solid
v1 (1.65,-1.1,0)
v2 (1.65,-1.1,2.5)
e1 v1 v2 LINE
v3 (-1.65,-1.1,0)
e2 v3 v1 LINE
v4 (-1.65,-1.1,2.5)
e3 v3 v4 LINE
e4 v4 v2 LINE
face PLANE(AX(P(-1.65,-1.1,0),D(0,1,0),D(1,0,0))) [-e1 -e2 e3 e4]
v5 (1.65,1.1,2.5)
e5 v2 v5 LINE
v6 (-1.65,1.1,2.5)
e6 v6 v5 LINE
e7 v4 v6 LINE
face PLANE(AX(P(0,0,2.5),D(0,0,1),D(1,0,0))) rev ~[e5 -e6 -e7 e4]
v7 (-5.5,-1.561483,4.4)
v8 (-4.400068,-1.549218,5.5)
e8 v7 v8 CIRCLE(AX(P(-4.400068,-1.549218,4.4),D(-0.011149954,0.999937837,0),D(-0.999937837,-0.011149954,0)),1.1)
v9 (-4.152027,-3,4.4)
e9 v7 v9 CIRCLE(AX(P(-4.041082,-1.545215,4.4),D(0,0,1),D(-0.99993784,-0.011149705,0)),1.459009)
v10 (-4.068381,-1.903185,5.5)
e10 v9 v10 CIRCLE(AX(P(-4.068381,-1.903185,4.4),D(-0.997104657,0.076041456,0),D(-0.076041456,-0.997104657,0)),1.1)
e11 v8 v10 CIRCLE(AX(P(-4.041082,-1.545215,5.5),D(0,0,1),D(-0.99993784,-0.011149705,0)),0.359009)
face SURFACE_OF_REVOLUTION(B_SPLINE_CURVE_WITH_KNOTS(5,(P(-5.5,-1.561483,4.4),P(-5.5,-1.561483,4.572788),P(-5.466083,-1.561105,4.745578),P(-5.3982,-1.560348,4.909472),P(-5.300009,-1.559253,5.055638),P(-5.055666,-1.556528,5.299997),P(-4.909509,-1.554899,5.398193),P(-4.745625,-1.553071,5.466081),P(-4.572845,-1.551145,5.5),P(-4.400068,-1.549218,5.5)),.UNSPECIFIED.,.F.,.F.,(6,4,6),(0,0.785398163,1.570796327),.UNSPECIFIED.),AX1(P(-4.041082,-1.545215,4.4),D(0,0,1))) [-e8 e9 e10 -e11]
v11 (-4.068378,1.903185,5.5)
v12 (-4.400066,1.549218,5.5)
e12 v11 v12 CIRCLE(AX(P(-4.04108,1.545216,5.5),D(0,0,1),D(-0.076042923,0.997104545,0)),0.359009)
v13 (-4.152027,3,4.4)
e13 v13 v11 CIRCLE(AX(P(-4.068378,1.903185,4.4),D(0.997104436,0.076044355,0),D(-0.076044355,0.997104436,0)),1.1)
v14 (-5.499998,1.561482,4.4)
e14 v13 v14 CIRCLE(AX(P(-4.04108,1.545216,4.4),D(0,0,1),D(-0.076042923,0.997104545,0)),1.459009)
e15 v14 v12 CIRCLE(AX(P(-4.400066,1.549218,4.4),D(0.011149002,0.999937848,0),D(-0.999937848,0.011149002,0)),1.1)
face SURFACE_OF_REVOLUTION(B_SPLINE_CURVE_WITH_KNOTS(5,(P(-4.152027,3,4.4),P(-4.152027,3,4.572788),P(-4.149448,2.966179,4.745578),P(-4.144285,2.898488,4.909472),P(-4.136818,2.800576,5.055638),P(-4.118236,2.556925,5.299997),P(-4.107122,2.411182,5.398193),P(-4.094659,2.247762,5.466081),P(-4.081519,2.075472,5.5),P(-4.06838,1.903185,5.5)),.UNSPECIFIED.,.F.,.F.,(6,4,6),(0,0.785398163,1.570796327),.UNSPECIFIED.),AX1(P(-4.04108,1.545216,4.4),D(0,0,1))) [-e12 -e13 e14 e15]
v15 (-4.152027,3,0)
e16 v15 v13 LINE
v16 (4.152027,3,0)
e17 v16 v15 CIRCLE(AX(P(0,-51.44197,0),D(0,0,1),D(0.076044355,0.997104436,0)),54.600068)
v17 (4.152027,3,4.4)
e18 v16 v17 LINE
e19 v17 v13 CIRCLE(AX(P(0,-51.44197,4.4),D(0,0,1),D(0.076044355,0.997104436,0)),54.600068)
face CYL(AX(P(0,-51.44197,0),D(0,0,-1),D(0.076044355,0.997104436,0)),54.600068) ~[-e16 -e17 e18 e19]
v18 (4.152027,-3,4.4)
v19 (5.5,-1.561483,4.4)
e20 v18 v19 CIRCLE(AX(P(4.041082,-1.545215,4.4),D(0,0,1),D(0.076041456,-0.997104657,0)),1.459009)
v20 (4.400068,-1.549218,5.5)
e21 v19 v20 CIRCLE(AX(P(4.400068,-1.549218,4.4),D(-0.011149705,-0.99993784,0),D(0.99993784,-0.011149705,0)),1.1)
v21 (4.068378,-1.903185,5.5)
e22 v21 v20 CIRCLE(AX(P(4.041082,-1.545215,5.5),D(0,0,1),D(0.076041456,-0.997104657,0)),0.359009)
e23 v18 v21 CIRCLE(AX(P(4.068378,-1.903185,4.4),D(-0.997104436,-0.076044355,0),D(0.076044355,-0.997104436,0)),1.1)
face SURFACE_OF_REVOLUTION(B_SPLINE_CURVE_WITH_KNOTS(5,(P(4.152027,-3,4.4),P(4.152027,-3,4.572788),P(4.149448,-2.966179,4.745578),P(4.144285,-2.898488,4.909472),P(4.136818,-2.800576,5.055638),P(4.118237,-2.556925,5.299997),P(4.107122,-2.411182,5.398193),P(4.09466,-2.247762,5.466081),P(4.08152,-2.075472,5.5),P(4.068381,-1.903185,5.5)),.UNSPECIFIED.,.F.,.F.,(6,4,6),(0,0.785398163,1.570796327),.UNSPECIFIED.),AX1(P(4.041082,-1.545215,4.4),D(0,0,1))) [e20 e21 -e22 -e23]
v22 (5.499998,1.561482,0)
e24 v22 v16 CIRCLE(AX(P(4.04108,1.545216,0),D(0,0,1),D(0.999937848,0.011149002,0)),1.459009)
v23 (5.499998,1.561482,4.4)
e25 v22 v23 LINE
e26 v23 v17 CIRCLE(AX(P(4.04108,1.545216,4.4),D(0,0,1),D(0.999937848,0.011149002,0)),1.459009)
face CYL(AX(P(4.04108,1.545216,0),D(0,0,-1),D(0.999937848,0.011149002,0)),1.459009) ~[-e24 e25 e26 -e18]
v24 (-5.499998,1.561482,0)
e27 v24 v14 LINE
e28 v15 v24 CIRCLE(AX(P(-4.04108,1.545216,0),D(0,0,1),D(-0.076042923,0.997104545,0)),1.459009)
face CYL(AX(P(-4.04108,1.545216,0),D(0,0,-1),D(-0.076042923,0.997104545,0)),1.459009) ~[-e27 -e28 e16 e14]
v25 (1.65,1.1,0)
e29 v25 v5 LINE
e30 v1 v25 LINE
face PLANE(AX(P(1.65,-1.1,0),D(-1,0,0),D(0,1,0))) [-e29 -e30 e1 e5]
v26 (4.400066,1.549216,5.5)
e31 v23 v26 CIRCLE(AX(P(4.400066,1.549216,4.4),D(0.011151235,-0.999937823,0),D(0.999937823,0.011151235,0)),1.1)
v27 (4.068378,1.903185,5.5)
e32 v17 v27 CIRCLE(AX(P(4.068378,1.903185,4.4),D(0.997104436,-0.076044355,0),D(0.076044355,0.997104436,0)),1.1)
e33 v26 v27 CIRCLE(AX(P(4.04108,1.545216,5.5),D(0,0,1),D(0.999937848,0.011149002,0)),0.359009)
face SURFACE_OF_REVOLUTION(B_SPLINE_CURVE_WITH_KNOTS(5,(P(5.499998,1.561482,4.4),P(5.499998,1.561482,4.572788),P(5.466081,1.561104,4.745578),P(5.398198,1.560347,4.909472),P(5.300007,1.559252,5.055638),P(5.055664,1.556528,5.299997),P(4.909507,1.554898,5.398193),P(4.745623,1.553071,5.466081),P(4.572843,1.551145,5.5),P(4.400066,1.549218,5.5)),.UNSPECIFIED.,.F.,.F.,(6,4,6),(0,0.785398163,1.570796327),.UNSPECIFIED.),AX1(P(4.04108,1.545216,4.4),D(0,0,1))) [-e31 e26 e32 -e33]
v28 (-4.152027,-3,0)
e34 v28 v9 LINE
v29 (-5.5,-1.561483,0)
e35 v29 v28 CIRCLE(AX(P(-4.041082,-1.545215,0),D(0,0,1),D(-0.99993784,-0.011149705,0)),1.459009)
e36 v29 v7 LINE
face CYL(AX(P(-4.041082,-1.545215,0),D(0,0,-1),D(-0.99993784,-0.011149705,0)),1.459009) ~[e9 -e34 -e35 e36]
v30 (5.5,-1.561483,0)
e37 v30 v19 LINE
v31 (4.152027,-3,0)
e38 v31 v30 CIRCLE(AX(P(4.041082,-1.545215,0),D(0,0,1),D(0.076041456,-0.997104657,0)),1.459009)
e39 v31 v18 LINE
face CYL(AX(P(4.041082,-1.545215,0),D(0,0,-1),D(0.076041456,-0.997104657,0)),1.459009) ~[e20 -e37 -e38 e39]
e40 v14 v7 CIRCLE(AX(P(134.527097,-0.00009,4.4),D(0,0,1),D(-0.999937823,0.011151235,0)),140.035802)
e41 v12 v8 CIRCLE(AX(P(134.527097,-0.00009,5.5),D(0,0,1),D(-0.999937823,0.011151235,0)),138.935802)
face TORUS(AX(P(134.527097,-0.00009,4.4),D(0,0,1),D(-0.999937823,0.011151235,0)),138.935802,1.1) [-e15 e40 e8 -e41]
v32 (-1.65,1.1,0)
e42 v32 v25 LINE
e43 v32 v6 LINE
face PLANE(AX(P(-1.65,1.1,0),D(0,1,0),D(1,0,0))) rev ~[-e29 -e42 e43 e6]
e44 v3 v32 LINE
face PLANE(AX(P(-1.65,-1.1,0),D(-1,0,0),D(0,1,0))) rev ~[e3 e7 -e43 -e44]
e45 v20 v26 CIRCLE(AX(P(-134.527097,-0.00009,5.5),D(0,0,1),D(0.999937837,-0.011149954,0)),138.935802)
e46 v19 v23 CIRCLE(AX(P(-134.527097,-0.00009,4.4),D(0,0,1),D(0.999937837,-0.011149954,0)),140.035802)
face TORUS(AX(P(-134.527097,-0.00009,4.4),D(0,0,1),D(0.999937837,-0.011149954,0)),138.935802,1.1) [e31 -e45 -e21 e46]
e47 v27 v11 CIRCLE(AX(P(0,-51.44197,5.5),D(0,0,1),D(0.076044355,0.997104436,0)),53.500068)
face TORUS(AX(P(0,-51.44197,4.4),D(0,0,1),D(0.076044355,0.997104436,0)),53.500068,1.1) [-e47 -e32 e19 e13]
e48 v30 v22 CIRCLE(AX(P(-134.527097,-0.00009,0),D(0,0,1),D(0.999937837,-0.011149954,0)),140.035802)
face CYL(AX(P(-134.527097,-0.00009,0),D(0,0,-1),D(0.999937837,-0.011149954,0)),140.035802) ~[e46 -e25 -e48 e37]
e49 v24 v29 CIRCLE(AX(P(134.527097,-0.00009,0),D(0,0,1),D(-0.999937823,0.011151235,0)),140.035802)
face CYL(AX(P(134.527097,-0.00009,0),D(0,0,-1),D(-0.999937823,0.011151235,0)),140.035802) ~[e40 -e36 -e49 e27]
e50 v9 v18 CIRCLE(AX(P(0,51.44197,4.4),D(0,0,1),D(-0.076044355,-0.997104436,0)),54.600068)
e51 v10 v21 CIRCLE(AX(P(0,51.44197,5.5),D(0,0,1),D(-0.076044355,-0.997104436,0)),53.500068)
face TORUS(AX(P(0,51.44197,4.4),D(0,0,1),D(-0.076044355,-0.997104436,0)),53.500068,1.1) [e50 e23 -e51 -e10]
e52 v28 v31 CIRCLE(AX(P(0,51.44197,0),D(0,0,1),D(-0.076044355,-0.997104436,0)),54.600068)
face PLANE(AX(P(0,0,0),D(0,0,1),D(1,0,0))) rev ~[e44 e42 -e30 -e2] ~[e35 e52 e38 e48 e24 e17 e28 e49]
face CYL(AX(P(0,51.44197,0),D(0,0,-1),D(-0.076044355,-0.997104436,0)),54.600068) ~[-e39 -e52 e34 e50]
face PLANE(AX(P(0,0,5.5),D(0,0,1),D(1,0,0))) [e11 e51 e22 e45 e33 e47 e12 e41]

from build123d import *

# Parameters (mm, degrees)
SKETCH023_W  = 3.3
SKETCH023_H  = 2.2
PAD017_DEPTH = 2.5
PAD018_DEPTH = 5.5
FILLET002_R  = 1.1


with BuildPart() as clone_button_hole:
    # Sketch023 → Pad017 (new body)
    with BuildSketch(Plane.XY):
        Rectangle(SKETCH023_W, SKETCH023_H)
    extrude(amount=PAD017_DEPTH)


with BuildPart() as cut_button_med_final:
    # Sketch024 → Pad018 (new body)
    with BuildSketch(Plane.XY):
        with BuildLine():
            ThreePointArc((4.152027, 3), (0, 3.158098), (-4.152027, 3))
            ThreePointArc((-4.152027, 3), (-5.105717, 2.54284), (-5.499998, 1.561482))
            ThreePointArc((-5.499998, 1.561482), (-5.508705, 0), (-5.5, -1.561483))
            ThreePointArc((-5.5, -1.561483), (-5.105718, -2.542841), (-4.152027, -3))
            ThreePointArc((-4.152027, -3), (0, -3.158098), (4.152027, -3))
            ThreePointArc((4.152027, -3), (5.105718, -2.542841), (5.5, -1.561483))
            ThreePointArc((5.5, -1.561483), (5.508705, 0), (5.499998, 1.561482))
            ThreePointArc((5.499998, 1.561482), (5.105717, 2.54284), (4.152027, 3))
        make_face()
    extrude(amount=PAD018_DEPTH)

    # Fillet002
    fillet002_edges = [cut_button_med_final.edges().sort_by_distance(p)[0] for p in [
        (0, 3.158098, 5.5),
        (-5.105717, 2.54284, 5.5),
        (-5.508705, 0, 5.5),
        (-5.105718, -2.542841, 5.5),
        (0, -3.158098, 5.5),
        (5.105718, -2.542841, 5.5),
        (5.508705, 0, 5.5),
        (5.105717, 2.54284, 5.5),
    ]]
    fillet(fillet002_edges, radius=FILLET002_R)

    # Cut005: cut Clone (button hole)
    add(clone_button_hole.part, mode=Mode.SUBTRACT)


solid = cut_button_med_final.part
